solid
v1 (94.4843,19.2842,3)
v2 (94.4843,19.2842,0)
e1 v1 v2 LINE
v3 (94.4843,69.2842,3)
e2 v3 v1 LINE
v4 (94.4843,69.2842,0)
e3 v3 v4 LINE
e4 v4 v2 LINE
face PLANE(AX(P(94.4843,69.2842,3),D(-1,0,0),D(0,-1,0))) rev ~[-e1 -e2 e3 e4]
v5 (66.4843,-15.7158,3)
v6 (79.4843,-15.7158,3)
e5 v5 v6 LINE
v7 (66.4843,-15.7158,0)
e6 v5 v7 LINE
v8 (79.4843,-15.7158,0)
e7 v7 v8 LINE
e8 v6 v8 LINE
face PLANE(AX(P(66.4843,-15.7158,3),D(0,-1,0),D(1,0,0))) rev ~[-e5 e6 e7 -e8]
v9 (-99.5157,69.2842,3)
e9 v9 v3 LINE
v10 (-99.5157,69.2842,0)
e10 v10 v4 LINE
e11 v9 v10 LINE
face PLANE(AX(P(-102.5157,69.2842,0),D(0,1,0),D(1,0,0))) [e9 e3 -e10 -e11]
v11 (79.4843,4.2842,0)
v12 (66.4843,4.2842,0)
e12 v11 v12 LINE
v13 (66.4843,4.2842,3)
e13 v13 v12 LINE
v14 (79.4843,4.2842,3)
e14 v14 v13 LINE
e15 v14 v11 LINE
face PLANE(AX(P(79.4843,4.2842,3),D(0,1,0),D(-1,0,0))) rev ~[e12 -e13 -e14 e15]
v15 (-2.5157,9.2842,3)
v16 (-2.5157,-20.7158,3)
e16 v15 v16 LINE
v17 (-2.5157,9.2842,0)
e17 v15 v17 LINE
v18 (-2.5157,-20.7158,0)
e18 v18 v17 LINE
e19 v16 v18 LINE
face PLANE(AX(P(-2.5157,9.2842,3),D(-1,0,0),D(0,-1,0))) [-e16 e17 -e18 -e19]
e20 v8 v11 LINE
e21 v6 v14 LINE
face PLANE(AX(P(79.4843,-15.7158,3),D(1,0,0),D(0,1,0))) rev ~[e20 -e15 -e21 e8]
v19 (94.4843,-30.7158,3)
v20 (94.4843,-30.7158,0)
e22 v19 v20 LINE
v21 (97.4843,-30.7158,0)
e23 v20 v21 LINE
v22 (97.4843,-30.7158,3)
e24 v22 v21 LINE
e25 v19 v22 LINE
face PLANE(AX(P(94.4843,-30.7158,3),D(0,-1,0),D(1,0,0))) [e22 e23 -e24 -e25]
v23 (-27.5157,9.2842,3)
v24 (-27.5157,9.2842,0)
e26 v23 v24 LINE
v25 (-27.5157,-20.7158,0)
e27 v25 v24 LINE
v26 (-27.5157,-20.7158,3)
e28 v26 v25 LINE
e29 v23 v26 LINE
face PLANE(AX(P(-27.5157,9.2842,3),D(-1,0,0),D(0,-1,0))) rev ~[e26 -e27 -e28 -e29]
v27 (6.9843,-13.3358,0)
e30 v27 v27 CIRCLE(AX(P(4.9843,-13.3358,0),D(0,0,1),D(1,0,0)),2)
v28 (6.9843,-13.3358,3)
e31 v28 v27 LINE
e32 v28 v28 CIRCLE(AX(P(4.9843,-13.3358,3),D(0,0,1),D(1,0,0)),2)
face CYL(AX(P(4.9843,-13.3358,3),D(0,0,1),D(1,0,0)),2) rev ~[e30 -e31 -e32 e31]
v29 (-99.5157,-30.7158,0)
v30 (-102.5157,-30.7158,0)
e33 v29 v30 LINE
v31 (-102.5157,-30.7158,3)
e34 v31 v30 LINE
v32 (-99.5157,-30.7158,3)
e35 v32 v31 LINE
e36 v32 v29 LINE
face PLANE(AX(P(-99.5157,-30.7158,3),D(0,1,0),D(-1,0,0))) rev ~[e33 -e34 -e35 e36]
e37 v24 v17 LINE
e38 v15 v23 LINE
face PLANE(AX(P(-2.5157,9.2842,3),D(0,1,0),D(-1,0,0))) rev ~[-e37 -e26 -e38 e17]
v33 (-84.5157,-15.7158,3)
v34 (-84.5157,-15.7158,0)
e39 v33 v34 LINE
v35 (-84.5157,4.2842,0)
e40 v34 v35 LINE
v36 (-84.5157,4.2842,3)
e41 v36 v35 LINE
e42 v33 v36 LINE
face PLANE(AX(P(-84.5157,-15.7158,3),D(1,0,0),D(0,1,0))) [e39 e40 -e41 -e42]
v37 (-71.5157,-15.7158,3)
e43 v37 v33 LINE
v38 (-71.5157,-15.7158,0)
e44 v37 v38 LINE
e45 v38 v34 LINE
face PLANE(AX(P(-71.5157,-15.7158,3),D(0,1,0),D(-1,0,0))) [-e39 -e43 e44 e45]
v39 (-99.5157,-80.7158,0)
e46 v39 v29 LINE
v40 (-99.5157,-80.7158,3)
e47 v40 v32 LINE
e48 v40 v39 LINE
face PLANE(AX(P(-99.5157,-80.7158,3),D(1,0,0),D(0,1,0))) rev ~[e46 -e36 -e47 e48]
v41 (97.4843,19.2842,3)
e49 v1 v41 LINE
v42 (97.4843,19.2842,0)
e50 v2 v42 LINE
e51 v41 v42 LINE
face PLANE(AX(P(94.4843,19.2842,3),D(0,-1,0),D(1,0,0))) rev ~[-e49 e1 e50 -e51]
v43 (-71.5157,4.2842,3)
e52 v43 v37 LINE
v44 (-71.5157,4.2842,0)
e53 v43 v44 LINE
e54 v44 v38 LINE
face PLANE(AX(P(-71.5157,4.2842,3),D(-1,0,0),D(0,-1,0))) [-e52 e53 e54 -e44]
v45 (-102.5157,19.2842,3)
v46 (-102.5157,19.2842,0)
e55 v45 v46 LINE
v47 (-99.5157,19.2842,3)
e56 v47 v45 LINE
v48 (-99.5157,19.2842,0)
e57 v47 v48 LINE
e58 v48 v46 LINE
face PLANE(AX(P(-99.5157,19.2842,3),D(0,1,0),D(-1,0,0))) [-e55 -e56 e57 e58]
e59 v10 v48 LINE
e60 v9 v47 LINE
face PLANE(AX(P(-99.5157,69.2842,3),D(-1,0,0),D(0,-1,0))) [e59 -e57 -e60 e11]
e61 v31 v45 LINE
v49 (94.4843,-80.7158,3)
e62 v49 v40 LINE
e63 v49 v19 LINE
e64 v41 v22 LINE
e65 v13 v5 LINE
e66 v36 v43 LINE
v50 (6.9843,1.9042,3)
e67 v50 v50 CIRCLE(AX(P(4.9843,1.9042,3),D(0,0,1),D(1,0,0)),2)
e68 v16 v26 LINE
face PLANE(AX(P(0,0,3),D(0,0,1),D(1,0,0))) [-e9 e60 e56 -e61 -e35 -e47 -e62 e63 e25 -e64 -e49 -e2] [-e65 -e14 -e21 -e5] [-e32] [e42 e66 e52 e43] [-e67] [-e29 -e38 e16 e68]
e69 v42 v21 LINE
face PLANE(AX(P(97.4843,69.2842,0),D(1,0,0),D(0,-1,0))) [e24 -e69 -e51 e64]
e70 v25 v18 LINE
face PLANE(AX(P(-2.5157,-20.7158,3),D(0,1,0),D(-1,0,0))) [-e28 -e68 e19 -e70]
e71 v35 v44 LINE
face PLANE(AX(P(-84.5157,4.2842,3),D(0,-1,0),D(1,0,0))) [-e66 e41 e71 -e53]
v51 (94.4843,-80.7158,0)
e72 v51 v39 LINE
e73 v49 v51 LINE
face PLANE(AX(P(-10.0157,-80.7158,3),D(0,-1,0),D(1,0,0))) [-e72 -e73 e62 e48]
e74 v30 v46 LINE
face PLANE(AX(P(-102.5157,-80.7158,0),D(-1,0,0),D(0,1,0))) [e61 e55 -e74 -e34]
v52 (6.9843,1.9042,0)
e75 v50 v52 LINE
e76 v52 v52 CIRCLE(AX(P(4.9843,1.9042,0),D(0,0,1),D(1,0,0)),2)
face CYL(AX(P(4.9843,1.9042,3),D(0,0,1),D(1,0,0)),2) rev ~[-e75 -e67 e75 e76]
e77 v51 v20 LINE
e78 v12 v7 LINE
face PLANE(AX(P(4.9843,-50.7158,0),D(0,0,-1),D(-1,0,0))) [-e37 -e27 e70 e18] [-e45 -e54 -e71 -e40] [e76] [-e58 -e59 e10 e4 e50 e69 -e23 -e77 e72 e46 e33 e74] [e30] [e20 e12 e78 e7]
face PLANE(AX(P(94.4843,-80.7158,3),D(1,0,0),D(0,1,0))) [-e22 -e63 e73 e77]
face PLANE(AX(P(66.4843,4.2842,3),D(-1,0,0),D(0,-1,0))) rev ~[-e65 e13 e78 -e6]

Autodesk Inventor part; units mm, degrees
ref_plane "YZ Plane" through (0, 0, 0) normal (1, 0, 0) x (0, 1, 0)
ref_plane "XZ Plane" through (0, 0, 0) normal (0, 1, 0) x (-1, 0, 0)
ref_plane "XY Plane" through (0, 0, 0) normal (0, 0, 1) x (1, 0, 0)
sketch "Sketch1" plane through (0, 0, 0) normal (0, 0, 1) x (1, 0, 0)
  line L0 (-102.5157, 69.2842) -> (97.4843, 69.2842)
  line L1 (97.4843, 69.2842) -> (97.4843, -80.7158)
  line L2 (97.4843, -80.7158) -> (-102.5157, -80.7158)
  line L3 (-102.5157, -80.7158) -> (-102.5157, 69.2842)
  point P0 (0, 0)
extrude "Extrusion1" add sketch "Sketch1" along normal blind 3
sketch "Sketch3" plane through (0, 0, 3) normal (0, 0, 1) x (1, 0, 0)
  point P0 (0, 0)
sketch "Sketch4" plane through (0, 0, 3) normal (0, 0, 1) x (1, 0, 0)
  line L0 (97.4843, 69.2842) -> (-102.5157, 69.2842) projected
  line L1 (-102.5157, 69.2842) -> (-99.5157, 69.2842)
  line L2 (-99.5157, 69.2842) -> (-99.5157, 19.2842)
  line L3 (-99.5157, 19.2842) -> (-102.5157, 19.2842)
  line L4 (-102.5157, 19.2842) -> (-102.5157, 69.2842)
  point P0 (0, 0)
extrude "Extrusion2" cut sketch "Sketch4" against normal blind 3
sketch "Sketch5" plane through (0, 0, 3) normal (0, 0, 1) x (1, 0, 0)
  line L0 (97.4843, -80.7158) -> (94.4843, -80.7158)
  line L1 (94.4843, -80.7158) -> (94.4843, -30.7158)
  line L2 (94.4843, -30.7158) -> (97.4843, -30.7158)
  line L3 (97.4843, -30.7158) -> (97.4843, -80.7158)
  point P0 (0, 0)
  point P1 (-102.5157, -80.7158)
  dimension "d17" = 3
  dimension "d18" = 50
extrude "Extrusion3" cut sketch "Sketch5" against normal blind 3
sketch "Sketch6" plane through (0, 0, 3) normal (0, 0, 1) x (1, 0, 0)
  line L0 (97.4843, -30.7158) -> (97.4843, 69.2842) projected
  line L1 (97.4843, 69.2842) -> (94.4843, 69.2842)
  line L2 (94.4843, 69.2842) -> (94.4843, 19.2842)
  line L3 (94.4843, 19.2842) -> (97.4843, 19.2842)
  line L4 (97.4843, 19.2842) -> (97.4843, 69.2842)
  point P0 (0, 0)
  dimension "d21" = 50
  dimension "d22" = 3
extrude "Extrusion4" cut sketch "Sketch6" against normal blind 3
sketch "Sketch7" plane through (0, 0, 3) normal (0, 0, 1) x (1, 0, 0)
  line L0 (-102.5157, 19.2842) -> (-102.5157, -80.7158) projected
  line L1 (-102.5157, -80.7158) -> (-99.5157, -80.7158)
  line L2 (-99.5157, -80.7158) -> (-99.5157, -30.7158)
  line L3 (-99.5157, -30.7158) -> (-102.5157, -30.7158)
  line L4 (-102.5157, -30.7158) -> (-102.5157, -80.7158)
  point P0 (0, 0)
  dimension "d25" = 50
  dimension "d26" = 3
extrude "Extrusion5" cut sketch "Sketch7" against normal blind 3
sketch "Sketch8" plane through (0, 0, 3) normal (0, 0, 1) x (1, 0, 0)
  line L0 (-102.5157, -30.7158) -> (-102.5157, 19.2842) projected
  line L1 (97.4843, -30.7158) -> (94.4843, -30.7158) projected
  line L2 (94.4843, -80.7158) -> (-99.5157, -80.7158) projected
  line L3 (-10.0157, -50.7158) -> (4.9843, -50.7158)
  line L4 (4.9843, -50.7158) -> (4.9843, -80.7158)
  line L5 (4.9843, -80.7158) -> (-10.0157, -80.7158)
  line L6 (-10.0157, -80.7158) -> (-10.0157, -50.7158)
  point P0 (0, 0)
  dimension "d32" = 15
  dimension "d33" = 30
extrude "Extrusion6" cut sketch "Sketch8" against normal blind 3
sketch "Sketch9" plane through (-10.0157, -80.7158, 3) normal (1, 0, 0) x (0, 0, -1)
  point P0 (3, 80.7158)
sketch "Sketch10" plane through (-10.0157, -50.7158, 3) normal (0, -1, 0) x (1, 0, 0)
  line L0 (15, 0) -> (15, -3) projected
  line L1 (15, -3) -> (0, -3) projected
  line L2 (15, 0) -> (0, 0)
  line L3 (0, 0) -> (0, -3)
  line L4 (0, -3) -> (15, -3)
  line L5 (15, -3) -> (15, 0)
  point P0 (10.0157, -3)
extrude "Extrusion7" add sketch "Sketch10" along normal blind 30
sketch "Sketch11" plane through (0, 0, 3) normal (0, 0, 1) x (1, 0, 0)
  line L0 (-102.5157, 19.2842) -> (-99.5157, 19.2842) projected
  line L1 (-99.5157, 69.2842) -> (94.4843, 69.2842) projected
  line L2 (94.4843, -80.7158) -> (-99.5157, -80.7158) projected
  line L3 (-99.5157, 19.2842) -> (-99.5157, 69.2842) projected
  line L4 (-102.5157, -30.7158) -> (-102.5157, 19.2842) projected
  line L5 (-2.5157, 9.2842) -> (-27.5157, 9.2842)
  line L6 (-2.5157, 9.2842) -> (-2.5157, -20.7158)
  line L7 (-27.5157, 9.2842) -> (-27.5157, -20.7158)
  line L8 (-2.5157, -20.7158) -> (-27.5157, -20.7158)
  circle A0 centre (4.9843, 1.9042) radius 2
  circle A1 centre (4.9843, -13.3358) radius 2
  point P0 (0, 0)
extrude "Extrusion8" cut sketch "Sketch11" against normal blind 21.5
sketch "Sketch12" plane through (0, 0, 3) normal (0, 0, 1) x (1, 0, 0)
  point P0 (0, 0)
sketch "Sketch13" plane through (0, 0, 3) normal (0, 0, 1) x (1, 0, 0)
  point P0 (0, 0)
sketch "Sketch14" plane through (0, 0, 3) normal (0, 0, 1) x (1, 0, 0)
  line L0 (97.4843, 19.2842) -> (97.4843, -30.7158) projected
  line L1 (-2.5157, -20.7158) -> (-2.5157, 9.2842) projected
  line L2 (36.2282, 8.4721) -> (58.5282, 8.4721)
  line L3 (58.5282, 8.4721) -> (58.5282, -19.8279)
  line L4 (58.5282, -19.8279) -> (36.2282, -19.8279)
  line L5 (36.2282, -19.8279) -> (36.2282, 8.4721)
  line L6 (-99.5157, 69.2842) -> (94.4843, 69.2842) projected
  point P0 (0, 0)
extrude "Extrusion9" cut sketch "Sketch14" against normal blind 30
sketch "Sketch15" plane through (0, 0, 3) normal (0, 0, 1) x (1, 0, 0)
  line L0 (36.2282, -19.8279) -> (36.2282, 8.4721) projected
  line L1 (36.2282, -19.8279) -> (58.5282, -19.8279) projected
  line L2 (36.2282, 8.4721) -> (58.5282, 8.4721)
  line L3 (58.5282, 8.4721) -> (58.5282, -19.8279)
  line L4 (58.5282, -19.8279) -> (36.2282, -19.8279)
  line L5 (36.2282, -19.8279) -> (36.2282, 8.4721)
  point P0 (0, 0)
extrude "Extrusion10" add sketch "Sketch15" against normal blind 3
sketch "Sketch16" plane through (0, 0, 3) normal (0, 0, 1) x (1, 0, 0)
  line L0 (-102.5157, -30.7158) -> (-102.5157, 19.2842) projected
  line L1 (97.4843, 19.2842) -> (97.4843, -30.7158) projected
  line L2 (-99.5157, 69.2842) -> (94.4843, 69.2842) projected
  line L3 (40.9489, 4.2992) -> (53.9459, 4.2992)
  line L4 (53.9459, 4.2992) -> (53.9459, -15.7008)
  line L5 (53.9459, -15.7008) -> (40.9489, -15.7008)
  line L6 (40.9489, -15.7008) -> (40.9489, 4.2992)
  point P0 (0, 0)
extrude "Extrusion11" cut sketch "Sketch16" against normal blind 3
sketch "Sketch17" plane through (0, 0, 3) normal (0, 0, 1) x (1, 0, 0)
  line L0 (40.9489, -15.7008) -> (40.9489, 4.2992) projected
  line L1 (-102.5157, -30.7158) -> (-102.5157, 19.2842) projected
  line L2 (53.9459, -15.7008) -> (53.9459, 4.2992) projected
  line L3 (97.4843, 19.2842) -> (97.4843, -30.7158) projected
  line L4 (40.9489, 4.2992) -> (53.9459, 4.2992)
  line L5 (53.9459, 4.2992) -> (53.9459, -15.7008)
  line L6 (53.9459, -15.7008) -> (40.9489, -15.7008)
  line L7 (40.9489, -15.7008) -> (40.9489, 4.2992)
  point P0 (0, 0)
extrude "Extrusion12" add sketch "Sketch17" against normal blind 3
sketch "Sketch18" plane through (0, 0, 3) normal (0, 0, 1) x (1, 0, 0)
  line L0 (97.4843, 19.2842) -> (97.4843, -30.7158) projected
  line L1 (-102.5157, -30.7158) -> (-102.5157, 19.2842) projected
  line L2 (-84.5157, 4.2842) -> (-71.5157, 4.2842)
  line L3 (-84.5157, 4.2842) -> (-71.5157, 4.2842)
  line L4 (-71.5157, 4.2842) -> (-71.5157, -15.7158)
  line L5 (-71.5157, -15.7158) -> (-84.5157, -15.7158)
  line L6 (-84.5157, -15.7158) -> (-84.5157, 4.2842)
  line L7 (79.4843, 4.2842) -> (66.4843, 4.2842)
  line L8 (79.4843, 4.2842) -> (66.4843, 4.2842)
  line L9 (66.4843, 4.2842) -> (66.4843, -15.7158)
  line L10 (66.4843, -15.7158) -> (79.4843, -15.7158)
  line L11 (79.4843, -15.7158) -> (79.4843, 4.2842)
  point P0 (0, 0)
extrude "Extrusion13" cut sketch "Sketch18" against normal blind 3
sketch "Sketch19" plane through (0, 0, 3) normal (0, 0, 1) x (1, 0, 0)
  point P0 (0, 0)
sketch "Sketch20" plane through (0, 0, 3) normal (0, 0, 1) x (1, 0, 0)
  line L0 (-84.5157, 4.2842) -> (-84.5157, -15.7158) projected
  line L1 (-71.5157, -15.7158) -> (-71.5157, 4.2842) projected
  line L2 (-84.5157, 4.2842) -> (-71.5157, 4.2842)
  line L3 (-71.5157, 4.2842) -> (-71.5157, -15.7158)
  line L4 (-71.5157, -15.7158) -> (-84.5157, -15.7158)
  line L5 (-84.5157, -15.7158) -> (-84.5157, 4.2842)
  point P0 (0, 0)
  dimension "d102" = 13
  dimension "d103" = 20
properties part number "Level1"
